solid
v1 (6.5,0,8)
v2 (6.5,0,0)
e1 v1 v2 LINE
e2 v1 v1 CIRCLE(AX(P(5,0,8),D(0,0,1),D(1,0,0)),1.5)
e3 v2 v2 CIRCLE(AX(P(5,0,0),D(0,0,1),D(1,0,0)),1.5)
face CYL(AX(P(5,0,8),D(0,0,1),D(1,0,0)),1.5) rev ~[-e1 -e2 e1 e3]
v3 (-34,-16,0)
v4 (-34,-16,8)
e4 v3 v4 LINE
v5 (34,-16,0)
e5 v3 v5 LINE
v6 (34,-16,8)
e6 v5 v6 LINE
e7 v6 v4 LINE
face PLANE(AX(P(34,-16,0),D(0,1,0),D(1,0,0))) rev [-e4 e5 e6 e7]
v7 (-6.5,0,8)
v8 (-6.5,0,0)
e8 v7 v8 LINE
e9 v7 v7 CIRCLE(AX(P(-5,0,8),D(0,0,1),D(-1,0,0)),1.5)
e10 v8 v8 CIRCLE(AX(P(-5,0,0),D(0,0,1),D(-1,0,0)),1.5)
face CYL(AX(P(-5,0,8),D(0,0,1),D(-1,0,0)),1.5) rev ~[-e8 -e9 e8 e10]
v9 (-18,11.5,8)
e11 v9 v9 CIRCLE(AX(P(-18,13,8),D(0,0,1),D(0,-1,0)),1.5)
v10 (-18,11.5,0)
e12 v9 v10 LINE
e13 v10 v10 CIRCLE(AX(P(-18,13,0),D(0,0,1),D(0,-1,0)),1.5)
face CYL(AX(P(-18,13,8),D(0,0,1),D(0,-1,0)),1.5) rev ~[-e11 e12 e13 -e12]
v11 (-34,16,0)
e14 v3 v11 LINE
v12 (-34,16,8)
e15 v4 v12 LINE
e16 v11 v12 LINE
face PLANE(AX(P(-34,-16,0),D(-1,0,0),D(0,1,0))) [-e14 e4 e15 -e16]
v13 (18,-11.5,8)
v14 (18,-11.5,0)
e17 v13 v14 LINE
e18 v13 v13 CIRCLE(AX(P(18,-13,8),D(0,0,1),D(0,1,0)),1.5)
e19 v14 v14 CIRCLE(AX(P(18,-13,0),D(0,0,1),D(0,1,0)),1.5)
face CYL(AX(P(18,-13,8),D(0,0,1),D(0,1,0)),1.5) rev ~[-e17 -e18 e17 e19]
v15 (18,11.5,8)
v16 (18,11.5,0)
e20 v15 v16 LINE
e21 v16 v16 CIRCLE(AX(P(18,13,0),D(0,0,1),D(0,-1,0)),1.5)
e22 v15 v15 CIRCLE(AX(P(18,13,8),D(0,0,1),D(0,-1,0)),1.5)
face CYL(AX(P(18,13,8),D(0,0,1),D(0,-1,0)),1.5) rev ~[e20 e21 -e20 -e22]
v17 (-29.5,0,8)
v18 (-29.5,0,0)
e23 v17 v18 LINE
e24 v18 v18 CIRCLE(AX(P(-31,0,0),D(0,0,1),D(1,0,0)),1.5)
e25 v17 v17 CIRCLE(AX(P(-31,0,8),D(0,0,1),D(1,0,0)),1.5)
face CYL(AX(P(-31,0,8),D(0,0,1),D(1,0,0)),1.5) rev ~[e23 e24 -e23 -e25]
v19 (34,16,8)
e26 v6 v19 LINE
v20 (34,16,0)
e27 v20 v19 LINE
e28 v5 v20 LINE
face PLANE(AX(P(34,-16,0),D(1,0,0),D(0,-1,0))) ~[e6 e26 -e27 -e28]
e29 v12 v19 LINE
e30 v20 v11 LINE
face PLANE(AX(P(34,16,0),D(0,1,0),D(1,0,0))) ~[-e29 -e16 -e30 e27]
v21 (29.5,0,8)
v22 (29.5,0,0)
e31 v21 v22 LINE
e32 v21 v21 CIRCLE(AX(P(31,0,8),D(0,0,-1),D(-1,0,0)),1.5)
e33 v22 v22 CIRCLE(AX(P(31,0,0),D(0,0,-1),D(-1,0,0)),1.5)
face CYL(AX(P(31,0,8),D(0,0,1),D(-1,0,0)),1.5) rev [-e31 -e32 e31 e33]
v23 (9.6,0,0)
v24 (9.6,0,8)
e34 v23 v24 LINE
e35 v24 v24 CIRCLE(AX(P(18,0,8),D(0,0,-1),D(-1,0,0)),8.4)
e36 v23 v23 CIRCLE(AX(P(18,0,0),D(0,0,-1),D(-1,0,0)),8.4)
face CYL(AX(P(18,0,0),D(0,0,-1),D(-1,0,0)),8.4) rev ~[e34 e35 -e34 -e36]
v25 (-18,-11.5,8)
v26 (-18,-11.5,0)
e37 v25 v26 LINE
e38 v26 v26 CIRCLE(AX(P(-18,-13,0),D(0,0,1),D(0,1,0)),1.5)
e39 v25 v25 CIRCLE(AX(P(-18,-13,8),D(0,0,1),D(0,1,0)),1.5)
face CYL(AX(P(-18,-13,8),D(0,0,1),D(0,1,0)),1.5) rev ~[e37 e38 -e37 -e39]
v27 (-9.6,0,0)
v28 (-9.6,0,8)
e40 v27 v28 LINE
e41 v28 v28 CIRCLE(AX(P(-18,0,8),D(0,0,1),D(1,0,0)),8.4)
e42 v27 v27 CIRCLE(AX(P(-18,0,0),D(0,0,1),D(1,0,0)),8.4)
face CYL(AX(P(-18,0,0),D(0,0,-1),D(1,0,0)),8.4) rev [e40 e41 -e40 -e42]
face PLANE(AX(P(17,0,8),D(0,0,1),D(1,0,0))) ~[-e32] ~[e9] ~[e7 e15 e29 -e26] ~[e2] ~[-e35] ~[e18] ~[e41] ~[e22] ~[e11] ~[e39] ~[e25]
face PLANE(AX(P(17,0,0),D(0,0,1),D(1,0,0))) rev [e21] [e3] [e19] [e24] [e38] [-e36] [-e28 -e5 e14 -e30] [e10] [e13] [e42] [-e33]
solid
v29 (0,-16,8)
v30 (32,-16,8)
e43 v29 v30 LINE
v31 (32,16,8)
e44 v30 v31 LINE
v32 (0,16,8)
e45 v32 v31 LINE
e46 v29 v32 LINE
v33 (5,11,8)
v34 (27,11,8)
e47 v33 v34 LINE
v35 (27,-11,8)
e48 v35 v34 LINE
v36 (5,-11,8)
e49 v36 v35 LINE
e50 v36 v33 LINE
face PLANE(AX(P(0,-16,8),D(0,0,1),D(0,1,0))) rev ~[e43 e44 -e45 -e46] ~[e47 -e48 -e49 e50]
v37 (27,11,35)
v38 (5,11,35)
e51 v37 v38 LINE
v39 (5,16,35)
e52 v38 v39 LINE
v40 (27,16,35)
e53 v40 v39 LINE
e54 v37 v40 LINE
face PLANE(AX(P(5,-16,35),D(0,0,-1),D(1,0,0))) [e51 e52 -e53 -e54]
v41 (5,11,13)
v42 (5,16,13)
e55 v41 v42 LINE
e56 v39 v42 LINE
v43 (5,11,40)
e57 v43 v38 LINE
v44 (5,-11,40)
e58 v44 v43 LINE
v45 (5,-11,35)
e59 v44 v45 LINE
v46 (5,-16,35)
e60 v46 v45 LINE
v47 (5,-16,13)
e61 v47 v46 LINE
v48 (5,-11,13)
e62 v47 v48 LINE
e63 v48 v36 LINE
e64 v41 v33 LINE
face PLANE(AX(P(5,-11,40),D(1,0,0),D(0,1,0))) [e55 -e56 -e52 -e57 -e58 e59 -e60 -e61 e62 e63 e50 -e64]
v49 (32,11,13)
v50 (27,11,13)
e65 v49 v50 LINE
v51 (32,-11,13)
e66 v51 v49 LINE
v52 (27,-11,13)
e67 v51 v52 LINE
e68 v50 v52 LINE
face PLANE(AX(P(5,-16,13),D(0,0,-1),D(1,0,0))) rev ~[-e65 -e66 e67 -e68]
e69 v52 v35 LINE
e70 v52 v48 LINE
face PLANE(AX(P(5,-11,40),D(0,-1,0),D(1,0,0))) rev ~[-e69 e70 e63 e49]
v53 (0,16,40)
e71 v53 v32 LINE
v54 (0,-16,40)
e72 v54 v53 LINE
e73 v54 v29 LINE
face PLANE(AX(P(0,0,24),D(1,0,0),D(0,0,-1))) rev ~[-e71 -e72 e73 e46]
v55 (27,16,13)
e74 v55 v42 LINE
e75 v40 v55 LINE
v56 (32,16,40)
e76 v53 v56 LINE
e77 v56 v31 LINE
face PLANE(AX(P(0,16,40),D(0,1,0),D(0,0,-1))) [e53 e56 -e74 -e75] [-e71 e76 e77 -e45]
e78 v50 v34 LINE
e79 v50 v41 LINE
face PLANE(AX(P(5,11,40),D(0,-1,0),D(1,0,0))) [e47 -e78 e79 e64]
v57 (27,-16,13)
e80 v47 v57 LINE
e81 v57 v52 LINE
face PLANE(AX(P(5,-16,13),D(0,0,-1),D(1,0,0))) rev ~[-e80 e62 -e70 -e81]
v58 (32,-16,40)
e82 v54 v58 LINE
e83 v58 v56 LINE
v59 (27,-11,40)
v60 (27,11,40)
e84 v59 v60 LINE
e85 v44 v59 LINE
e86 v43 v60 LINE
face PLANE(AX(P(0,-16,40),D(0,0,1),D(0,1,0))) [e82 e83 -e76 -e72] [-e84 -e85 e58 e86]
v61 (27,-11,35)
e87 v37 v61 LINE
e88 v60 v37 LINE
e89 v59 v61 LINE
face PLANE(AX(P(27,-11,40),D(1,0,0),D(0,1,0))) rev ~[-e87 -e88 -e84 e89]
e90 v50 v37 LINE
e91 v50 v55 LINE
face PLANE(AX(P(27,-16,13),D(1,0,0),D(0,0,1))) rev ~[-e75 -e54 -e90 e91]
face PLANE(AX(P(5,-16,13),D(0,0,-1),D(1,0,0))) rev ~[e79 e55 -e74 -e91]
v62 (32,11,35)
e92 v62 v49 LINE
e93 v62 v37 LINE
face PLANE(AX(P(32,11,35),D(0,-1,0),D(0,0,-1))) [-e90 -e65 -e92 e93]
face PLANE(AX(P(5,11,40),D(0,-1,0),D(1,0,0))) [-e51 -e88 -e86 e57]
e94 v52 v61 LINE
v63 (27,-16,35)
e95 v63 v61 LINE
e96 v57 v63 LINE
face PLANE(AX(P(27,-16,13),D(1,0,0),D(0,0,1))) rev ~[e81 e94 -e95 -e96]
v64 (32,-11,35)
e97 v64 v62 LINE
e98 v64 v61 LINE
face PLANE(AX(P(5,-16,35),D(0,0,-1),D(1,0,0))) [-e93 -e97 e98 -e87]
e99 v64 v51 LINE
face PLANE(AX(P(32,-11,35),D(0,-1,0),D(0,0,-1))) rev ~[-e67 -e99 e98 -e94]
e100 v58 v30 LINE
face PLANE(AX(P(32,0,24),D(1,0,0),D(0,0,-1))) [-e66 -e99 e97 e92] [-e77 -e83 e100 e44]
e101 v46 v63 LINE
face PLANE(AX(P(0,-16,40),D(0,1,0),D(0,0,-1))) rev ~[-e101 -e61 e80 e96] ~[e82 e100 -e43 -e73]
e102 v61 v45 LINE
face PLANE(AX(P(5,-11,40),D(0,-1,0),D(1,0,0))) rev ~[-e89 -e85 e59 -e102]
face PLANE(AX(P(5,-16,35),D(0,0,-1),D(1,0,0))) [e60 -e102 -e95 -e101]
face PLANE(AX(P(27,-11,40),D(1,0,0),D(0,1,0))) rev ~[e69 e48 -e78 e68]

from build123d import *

# Parameters (mm, degrees)
ESQUISSE2_W                  = 34
ESQUISSE2_H                  = 32
ESQUISSE2_R                  = 8.4
BOSS_EXTRU_1_DEPTH           = 8
ESQUISSE4_R                  = 1.5
ENL_V_MAT_EXTRU_1_DEPTH      = 8
R_P_TITION_CIRCULAIRE1_COUNT = 4
ESQUISSE10_W                 = 32
ESQUISSE10_H                 = 32
BOSS_EXTRU_4_DEPTH           = 32
SYM_TRIE1_COPY_1_SKETCH_R    = 1.5
SYM_TRIE1_COPY_1_DEPTH       = 8
SYM_TRIE1_COPY_2_SKETCH_R    = 1.5
SYM_TRIE1_COPY_2_DEPTH       = 8
SYM_TRIE1_COPY_3_SKETCH_R    = 1.5
SYM_TRIE1_COPY_3_DEPTH       = 8
ESQUISSE12_W                 = 22
ESQUISSE12_H                 = 22
ENL_V_MAT_EXTRU_4_DEPTH      = 18
ESQUISSE11_W                 = 22
ESQUISSE11_H                 = 22
ENL_V_MAT_EXTRU_5_DEPTH      = 62.481704596
ESQUISSE13_W                 = 22
ESQUISSE13_H                 = 22
ENL_V_MAT_EXTRU_6_DEPTH      = 32


with BuildPart() as part:
    # Esquisse2 → Boss.-Extru.1 (new body)
    with BuildSketch(Plane.XY):
        with Locations((-17, 0)):
            Rectangle(ESQUISSE2_W, ESQUISSE2_H)
        with Locations((-18, 0)):
            Circle(ESQUISSE2_R, mode=Mode.SUBTRACT)
    boss_extru_1 = extrude(amount=BOSS_EXTRU_1_DEPTH)

    # Esquisse4 → Enlèv. mat.-Extru.1 (cut)
    with BuildSketch(Plane.XY.offset(8)):
        with Locations((-31, 0)):
            Circle(ESQUISSE4_R)
    enl_v_mat_extru_1 = extrude(amount=-ENL_V_MAT_EXTRU_1_DEPTH, mode=Mode.SUBTRACT)

    # Répétition circulaire1: Enlèv. mat.-Extru.1 ×4 about axis
    r_p_tition_circulaire1_axis = Axis((-18, 0, 0), (0, 0, 1))
    for i in range(1, R_P_TITION_CIRCULAIRE1_COUNT):
        add(enl_v_mat_extru_1.rotate(r_p_tition_circulaire1_axis, i * 360 / R_P_TITION_CIRCULAIRE1_COUNT), mode=Mode.SUBTRACT)

    # Symétrie1: Boss.-Extru.1, Enlèv. mat.-Extru.1 across plane
    add(boss_extru_1.mirror(Plane(origin=(0, 0, 0), x_dir=(0, 0, 1), z_dir=(1, 0, 0))))
    add(enl_v_mat_extru_1.mirror(Plane(origin=(0, 0, 0), x_dir=(0, 0, 1), z_dir=(1, 0, 0))), mode=Mode.SUBTRACT)

    # Symétrie1 copy 1 sketch → Symétrie1 copy 1 (cut)
    with BuildSketch(Plane(origin=(18, 18, 8), x_dir=(0, 1, 0), z_dir=(0, 0, 1))):
        with Locations((-31, 0)):
            Circle(SYM_TRIE1_COPY_1_SKETCH_R)
    extrude(amount=-SYM_TRIE1_COPY_1_DEPTH, mode=Mode.SUBTRACT)

    # Symétrie1 copy 2 sketch → Symétrie1 copy 2 (cut)
    with BuildSketch(Plane(origin=(36, 0, 8), x_dir=(1, 0, 0), z_dir=(0, 0, 1))):
        with Locations((-31, 0)):
            Circle(SYM_TRIE1_COPY_2_SKETCH_R)
    extrude(amount=-SYM_TRIE1_COPY_2_DEPTH, mode=Mode.SUBTRACT)

    # Symétrie1 copy 3 sketch → Symétrie1 copy 3 (cut)
    with BuildSketch(Plane(origin=(18, -18, 8), x_dir=(0, -1, 0), z_dir=(0, 0, 1))):
        with Locations((-31, 0)):
            Circle(SYM_TRIE1_COPY_3_SKETCH_R)
    extrude(amount=-SYM_TRIE1_COPY_3_DEPTH, mode=Mode.SUBTRACT)


with BuildPart() as body_2:
    # Esquisse10 → Boss.-Extru.4 (new body)
    with BuildSketch(Plane(origin=(0, 0, 0), x_dir=(0, 0, -1), z_dir=(1, 0, 0))):
        with Locations((-24, 0)):
            Rectangle(ESQUISSE10_W, ESQUISSE10_H)
    extrude(amount=BOSS_EXTRU_4_DEPTH)

    # Esquisse12 → Enlèv. mat.-Extru.4 (cut)
    with BuildSketch(Plane(origin=(32, 0, 0), x_dir=(0, 0, -1), z_dir=(1, 0, 0))):
        with Locations((-24, 0)):
            Rectangle(ESQUISSE12_W, ESQUISSE12_H)
    extrude(amount=-ENL_V_MAT_EXTRU_4_DEPTH, mode=Mode.SUBTRACT)

    # Esquisse11 → Enlèv. mat.-Extru.5 (cut, through all)
    with BuildSketch(Plane.XZ.offset(16)):
        with Locations((16, 24)):
            Rectangle(ESQUISSE11_W, ESQUISSE11_H)
    extrude(amount=-ENL_V_MAT_EXTRU_5_DEPTH, mode=Mode.SUBTRACT)

    # Esquisse13 → Enlèv. mat.-Extru.6 (cut)
    with BuildSketch(Plane.XY.offset(40)):
        with Locations((16, 0)):
            Rectangle(ESQUISSE13_W, ESQUISSE13_H)
    extrude(amount=-ENL_V_MAT_EXTRU_6_DEPTH, mode=Mode.SUBTRACT)


solid = Compound([part.part, body_2.part])
